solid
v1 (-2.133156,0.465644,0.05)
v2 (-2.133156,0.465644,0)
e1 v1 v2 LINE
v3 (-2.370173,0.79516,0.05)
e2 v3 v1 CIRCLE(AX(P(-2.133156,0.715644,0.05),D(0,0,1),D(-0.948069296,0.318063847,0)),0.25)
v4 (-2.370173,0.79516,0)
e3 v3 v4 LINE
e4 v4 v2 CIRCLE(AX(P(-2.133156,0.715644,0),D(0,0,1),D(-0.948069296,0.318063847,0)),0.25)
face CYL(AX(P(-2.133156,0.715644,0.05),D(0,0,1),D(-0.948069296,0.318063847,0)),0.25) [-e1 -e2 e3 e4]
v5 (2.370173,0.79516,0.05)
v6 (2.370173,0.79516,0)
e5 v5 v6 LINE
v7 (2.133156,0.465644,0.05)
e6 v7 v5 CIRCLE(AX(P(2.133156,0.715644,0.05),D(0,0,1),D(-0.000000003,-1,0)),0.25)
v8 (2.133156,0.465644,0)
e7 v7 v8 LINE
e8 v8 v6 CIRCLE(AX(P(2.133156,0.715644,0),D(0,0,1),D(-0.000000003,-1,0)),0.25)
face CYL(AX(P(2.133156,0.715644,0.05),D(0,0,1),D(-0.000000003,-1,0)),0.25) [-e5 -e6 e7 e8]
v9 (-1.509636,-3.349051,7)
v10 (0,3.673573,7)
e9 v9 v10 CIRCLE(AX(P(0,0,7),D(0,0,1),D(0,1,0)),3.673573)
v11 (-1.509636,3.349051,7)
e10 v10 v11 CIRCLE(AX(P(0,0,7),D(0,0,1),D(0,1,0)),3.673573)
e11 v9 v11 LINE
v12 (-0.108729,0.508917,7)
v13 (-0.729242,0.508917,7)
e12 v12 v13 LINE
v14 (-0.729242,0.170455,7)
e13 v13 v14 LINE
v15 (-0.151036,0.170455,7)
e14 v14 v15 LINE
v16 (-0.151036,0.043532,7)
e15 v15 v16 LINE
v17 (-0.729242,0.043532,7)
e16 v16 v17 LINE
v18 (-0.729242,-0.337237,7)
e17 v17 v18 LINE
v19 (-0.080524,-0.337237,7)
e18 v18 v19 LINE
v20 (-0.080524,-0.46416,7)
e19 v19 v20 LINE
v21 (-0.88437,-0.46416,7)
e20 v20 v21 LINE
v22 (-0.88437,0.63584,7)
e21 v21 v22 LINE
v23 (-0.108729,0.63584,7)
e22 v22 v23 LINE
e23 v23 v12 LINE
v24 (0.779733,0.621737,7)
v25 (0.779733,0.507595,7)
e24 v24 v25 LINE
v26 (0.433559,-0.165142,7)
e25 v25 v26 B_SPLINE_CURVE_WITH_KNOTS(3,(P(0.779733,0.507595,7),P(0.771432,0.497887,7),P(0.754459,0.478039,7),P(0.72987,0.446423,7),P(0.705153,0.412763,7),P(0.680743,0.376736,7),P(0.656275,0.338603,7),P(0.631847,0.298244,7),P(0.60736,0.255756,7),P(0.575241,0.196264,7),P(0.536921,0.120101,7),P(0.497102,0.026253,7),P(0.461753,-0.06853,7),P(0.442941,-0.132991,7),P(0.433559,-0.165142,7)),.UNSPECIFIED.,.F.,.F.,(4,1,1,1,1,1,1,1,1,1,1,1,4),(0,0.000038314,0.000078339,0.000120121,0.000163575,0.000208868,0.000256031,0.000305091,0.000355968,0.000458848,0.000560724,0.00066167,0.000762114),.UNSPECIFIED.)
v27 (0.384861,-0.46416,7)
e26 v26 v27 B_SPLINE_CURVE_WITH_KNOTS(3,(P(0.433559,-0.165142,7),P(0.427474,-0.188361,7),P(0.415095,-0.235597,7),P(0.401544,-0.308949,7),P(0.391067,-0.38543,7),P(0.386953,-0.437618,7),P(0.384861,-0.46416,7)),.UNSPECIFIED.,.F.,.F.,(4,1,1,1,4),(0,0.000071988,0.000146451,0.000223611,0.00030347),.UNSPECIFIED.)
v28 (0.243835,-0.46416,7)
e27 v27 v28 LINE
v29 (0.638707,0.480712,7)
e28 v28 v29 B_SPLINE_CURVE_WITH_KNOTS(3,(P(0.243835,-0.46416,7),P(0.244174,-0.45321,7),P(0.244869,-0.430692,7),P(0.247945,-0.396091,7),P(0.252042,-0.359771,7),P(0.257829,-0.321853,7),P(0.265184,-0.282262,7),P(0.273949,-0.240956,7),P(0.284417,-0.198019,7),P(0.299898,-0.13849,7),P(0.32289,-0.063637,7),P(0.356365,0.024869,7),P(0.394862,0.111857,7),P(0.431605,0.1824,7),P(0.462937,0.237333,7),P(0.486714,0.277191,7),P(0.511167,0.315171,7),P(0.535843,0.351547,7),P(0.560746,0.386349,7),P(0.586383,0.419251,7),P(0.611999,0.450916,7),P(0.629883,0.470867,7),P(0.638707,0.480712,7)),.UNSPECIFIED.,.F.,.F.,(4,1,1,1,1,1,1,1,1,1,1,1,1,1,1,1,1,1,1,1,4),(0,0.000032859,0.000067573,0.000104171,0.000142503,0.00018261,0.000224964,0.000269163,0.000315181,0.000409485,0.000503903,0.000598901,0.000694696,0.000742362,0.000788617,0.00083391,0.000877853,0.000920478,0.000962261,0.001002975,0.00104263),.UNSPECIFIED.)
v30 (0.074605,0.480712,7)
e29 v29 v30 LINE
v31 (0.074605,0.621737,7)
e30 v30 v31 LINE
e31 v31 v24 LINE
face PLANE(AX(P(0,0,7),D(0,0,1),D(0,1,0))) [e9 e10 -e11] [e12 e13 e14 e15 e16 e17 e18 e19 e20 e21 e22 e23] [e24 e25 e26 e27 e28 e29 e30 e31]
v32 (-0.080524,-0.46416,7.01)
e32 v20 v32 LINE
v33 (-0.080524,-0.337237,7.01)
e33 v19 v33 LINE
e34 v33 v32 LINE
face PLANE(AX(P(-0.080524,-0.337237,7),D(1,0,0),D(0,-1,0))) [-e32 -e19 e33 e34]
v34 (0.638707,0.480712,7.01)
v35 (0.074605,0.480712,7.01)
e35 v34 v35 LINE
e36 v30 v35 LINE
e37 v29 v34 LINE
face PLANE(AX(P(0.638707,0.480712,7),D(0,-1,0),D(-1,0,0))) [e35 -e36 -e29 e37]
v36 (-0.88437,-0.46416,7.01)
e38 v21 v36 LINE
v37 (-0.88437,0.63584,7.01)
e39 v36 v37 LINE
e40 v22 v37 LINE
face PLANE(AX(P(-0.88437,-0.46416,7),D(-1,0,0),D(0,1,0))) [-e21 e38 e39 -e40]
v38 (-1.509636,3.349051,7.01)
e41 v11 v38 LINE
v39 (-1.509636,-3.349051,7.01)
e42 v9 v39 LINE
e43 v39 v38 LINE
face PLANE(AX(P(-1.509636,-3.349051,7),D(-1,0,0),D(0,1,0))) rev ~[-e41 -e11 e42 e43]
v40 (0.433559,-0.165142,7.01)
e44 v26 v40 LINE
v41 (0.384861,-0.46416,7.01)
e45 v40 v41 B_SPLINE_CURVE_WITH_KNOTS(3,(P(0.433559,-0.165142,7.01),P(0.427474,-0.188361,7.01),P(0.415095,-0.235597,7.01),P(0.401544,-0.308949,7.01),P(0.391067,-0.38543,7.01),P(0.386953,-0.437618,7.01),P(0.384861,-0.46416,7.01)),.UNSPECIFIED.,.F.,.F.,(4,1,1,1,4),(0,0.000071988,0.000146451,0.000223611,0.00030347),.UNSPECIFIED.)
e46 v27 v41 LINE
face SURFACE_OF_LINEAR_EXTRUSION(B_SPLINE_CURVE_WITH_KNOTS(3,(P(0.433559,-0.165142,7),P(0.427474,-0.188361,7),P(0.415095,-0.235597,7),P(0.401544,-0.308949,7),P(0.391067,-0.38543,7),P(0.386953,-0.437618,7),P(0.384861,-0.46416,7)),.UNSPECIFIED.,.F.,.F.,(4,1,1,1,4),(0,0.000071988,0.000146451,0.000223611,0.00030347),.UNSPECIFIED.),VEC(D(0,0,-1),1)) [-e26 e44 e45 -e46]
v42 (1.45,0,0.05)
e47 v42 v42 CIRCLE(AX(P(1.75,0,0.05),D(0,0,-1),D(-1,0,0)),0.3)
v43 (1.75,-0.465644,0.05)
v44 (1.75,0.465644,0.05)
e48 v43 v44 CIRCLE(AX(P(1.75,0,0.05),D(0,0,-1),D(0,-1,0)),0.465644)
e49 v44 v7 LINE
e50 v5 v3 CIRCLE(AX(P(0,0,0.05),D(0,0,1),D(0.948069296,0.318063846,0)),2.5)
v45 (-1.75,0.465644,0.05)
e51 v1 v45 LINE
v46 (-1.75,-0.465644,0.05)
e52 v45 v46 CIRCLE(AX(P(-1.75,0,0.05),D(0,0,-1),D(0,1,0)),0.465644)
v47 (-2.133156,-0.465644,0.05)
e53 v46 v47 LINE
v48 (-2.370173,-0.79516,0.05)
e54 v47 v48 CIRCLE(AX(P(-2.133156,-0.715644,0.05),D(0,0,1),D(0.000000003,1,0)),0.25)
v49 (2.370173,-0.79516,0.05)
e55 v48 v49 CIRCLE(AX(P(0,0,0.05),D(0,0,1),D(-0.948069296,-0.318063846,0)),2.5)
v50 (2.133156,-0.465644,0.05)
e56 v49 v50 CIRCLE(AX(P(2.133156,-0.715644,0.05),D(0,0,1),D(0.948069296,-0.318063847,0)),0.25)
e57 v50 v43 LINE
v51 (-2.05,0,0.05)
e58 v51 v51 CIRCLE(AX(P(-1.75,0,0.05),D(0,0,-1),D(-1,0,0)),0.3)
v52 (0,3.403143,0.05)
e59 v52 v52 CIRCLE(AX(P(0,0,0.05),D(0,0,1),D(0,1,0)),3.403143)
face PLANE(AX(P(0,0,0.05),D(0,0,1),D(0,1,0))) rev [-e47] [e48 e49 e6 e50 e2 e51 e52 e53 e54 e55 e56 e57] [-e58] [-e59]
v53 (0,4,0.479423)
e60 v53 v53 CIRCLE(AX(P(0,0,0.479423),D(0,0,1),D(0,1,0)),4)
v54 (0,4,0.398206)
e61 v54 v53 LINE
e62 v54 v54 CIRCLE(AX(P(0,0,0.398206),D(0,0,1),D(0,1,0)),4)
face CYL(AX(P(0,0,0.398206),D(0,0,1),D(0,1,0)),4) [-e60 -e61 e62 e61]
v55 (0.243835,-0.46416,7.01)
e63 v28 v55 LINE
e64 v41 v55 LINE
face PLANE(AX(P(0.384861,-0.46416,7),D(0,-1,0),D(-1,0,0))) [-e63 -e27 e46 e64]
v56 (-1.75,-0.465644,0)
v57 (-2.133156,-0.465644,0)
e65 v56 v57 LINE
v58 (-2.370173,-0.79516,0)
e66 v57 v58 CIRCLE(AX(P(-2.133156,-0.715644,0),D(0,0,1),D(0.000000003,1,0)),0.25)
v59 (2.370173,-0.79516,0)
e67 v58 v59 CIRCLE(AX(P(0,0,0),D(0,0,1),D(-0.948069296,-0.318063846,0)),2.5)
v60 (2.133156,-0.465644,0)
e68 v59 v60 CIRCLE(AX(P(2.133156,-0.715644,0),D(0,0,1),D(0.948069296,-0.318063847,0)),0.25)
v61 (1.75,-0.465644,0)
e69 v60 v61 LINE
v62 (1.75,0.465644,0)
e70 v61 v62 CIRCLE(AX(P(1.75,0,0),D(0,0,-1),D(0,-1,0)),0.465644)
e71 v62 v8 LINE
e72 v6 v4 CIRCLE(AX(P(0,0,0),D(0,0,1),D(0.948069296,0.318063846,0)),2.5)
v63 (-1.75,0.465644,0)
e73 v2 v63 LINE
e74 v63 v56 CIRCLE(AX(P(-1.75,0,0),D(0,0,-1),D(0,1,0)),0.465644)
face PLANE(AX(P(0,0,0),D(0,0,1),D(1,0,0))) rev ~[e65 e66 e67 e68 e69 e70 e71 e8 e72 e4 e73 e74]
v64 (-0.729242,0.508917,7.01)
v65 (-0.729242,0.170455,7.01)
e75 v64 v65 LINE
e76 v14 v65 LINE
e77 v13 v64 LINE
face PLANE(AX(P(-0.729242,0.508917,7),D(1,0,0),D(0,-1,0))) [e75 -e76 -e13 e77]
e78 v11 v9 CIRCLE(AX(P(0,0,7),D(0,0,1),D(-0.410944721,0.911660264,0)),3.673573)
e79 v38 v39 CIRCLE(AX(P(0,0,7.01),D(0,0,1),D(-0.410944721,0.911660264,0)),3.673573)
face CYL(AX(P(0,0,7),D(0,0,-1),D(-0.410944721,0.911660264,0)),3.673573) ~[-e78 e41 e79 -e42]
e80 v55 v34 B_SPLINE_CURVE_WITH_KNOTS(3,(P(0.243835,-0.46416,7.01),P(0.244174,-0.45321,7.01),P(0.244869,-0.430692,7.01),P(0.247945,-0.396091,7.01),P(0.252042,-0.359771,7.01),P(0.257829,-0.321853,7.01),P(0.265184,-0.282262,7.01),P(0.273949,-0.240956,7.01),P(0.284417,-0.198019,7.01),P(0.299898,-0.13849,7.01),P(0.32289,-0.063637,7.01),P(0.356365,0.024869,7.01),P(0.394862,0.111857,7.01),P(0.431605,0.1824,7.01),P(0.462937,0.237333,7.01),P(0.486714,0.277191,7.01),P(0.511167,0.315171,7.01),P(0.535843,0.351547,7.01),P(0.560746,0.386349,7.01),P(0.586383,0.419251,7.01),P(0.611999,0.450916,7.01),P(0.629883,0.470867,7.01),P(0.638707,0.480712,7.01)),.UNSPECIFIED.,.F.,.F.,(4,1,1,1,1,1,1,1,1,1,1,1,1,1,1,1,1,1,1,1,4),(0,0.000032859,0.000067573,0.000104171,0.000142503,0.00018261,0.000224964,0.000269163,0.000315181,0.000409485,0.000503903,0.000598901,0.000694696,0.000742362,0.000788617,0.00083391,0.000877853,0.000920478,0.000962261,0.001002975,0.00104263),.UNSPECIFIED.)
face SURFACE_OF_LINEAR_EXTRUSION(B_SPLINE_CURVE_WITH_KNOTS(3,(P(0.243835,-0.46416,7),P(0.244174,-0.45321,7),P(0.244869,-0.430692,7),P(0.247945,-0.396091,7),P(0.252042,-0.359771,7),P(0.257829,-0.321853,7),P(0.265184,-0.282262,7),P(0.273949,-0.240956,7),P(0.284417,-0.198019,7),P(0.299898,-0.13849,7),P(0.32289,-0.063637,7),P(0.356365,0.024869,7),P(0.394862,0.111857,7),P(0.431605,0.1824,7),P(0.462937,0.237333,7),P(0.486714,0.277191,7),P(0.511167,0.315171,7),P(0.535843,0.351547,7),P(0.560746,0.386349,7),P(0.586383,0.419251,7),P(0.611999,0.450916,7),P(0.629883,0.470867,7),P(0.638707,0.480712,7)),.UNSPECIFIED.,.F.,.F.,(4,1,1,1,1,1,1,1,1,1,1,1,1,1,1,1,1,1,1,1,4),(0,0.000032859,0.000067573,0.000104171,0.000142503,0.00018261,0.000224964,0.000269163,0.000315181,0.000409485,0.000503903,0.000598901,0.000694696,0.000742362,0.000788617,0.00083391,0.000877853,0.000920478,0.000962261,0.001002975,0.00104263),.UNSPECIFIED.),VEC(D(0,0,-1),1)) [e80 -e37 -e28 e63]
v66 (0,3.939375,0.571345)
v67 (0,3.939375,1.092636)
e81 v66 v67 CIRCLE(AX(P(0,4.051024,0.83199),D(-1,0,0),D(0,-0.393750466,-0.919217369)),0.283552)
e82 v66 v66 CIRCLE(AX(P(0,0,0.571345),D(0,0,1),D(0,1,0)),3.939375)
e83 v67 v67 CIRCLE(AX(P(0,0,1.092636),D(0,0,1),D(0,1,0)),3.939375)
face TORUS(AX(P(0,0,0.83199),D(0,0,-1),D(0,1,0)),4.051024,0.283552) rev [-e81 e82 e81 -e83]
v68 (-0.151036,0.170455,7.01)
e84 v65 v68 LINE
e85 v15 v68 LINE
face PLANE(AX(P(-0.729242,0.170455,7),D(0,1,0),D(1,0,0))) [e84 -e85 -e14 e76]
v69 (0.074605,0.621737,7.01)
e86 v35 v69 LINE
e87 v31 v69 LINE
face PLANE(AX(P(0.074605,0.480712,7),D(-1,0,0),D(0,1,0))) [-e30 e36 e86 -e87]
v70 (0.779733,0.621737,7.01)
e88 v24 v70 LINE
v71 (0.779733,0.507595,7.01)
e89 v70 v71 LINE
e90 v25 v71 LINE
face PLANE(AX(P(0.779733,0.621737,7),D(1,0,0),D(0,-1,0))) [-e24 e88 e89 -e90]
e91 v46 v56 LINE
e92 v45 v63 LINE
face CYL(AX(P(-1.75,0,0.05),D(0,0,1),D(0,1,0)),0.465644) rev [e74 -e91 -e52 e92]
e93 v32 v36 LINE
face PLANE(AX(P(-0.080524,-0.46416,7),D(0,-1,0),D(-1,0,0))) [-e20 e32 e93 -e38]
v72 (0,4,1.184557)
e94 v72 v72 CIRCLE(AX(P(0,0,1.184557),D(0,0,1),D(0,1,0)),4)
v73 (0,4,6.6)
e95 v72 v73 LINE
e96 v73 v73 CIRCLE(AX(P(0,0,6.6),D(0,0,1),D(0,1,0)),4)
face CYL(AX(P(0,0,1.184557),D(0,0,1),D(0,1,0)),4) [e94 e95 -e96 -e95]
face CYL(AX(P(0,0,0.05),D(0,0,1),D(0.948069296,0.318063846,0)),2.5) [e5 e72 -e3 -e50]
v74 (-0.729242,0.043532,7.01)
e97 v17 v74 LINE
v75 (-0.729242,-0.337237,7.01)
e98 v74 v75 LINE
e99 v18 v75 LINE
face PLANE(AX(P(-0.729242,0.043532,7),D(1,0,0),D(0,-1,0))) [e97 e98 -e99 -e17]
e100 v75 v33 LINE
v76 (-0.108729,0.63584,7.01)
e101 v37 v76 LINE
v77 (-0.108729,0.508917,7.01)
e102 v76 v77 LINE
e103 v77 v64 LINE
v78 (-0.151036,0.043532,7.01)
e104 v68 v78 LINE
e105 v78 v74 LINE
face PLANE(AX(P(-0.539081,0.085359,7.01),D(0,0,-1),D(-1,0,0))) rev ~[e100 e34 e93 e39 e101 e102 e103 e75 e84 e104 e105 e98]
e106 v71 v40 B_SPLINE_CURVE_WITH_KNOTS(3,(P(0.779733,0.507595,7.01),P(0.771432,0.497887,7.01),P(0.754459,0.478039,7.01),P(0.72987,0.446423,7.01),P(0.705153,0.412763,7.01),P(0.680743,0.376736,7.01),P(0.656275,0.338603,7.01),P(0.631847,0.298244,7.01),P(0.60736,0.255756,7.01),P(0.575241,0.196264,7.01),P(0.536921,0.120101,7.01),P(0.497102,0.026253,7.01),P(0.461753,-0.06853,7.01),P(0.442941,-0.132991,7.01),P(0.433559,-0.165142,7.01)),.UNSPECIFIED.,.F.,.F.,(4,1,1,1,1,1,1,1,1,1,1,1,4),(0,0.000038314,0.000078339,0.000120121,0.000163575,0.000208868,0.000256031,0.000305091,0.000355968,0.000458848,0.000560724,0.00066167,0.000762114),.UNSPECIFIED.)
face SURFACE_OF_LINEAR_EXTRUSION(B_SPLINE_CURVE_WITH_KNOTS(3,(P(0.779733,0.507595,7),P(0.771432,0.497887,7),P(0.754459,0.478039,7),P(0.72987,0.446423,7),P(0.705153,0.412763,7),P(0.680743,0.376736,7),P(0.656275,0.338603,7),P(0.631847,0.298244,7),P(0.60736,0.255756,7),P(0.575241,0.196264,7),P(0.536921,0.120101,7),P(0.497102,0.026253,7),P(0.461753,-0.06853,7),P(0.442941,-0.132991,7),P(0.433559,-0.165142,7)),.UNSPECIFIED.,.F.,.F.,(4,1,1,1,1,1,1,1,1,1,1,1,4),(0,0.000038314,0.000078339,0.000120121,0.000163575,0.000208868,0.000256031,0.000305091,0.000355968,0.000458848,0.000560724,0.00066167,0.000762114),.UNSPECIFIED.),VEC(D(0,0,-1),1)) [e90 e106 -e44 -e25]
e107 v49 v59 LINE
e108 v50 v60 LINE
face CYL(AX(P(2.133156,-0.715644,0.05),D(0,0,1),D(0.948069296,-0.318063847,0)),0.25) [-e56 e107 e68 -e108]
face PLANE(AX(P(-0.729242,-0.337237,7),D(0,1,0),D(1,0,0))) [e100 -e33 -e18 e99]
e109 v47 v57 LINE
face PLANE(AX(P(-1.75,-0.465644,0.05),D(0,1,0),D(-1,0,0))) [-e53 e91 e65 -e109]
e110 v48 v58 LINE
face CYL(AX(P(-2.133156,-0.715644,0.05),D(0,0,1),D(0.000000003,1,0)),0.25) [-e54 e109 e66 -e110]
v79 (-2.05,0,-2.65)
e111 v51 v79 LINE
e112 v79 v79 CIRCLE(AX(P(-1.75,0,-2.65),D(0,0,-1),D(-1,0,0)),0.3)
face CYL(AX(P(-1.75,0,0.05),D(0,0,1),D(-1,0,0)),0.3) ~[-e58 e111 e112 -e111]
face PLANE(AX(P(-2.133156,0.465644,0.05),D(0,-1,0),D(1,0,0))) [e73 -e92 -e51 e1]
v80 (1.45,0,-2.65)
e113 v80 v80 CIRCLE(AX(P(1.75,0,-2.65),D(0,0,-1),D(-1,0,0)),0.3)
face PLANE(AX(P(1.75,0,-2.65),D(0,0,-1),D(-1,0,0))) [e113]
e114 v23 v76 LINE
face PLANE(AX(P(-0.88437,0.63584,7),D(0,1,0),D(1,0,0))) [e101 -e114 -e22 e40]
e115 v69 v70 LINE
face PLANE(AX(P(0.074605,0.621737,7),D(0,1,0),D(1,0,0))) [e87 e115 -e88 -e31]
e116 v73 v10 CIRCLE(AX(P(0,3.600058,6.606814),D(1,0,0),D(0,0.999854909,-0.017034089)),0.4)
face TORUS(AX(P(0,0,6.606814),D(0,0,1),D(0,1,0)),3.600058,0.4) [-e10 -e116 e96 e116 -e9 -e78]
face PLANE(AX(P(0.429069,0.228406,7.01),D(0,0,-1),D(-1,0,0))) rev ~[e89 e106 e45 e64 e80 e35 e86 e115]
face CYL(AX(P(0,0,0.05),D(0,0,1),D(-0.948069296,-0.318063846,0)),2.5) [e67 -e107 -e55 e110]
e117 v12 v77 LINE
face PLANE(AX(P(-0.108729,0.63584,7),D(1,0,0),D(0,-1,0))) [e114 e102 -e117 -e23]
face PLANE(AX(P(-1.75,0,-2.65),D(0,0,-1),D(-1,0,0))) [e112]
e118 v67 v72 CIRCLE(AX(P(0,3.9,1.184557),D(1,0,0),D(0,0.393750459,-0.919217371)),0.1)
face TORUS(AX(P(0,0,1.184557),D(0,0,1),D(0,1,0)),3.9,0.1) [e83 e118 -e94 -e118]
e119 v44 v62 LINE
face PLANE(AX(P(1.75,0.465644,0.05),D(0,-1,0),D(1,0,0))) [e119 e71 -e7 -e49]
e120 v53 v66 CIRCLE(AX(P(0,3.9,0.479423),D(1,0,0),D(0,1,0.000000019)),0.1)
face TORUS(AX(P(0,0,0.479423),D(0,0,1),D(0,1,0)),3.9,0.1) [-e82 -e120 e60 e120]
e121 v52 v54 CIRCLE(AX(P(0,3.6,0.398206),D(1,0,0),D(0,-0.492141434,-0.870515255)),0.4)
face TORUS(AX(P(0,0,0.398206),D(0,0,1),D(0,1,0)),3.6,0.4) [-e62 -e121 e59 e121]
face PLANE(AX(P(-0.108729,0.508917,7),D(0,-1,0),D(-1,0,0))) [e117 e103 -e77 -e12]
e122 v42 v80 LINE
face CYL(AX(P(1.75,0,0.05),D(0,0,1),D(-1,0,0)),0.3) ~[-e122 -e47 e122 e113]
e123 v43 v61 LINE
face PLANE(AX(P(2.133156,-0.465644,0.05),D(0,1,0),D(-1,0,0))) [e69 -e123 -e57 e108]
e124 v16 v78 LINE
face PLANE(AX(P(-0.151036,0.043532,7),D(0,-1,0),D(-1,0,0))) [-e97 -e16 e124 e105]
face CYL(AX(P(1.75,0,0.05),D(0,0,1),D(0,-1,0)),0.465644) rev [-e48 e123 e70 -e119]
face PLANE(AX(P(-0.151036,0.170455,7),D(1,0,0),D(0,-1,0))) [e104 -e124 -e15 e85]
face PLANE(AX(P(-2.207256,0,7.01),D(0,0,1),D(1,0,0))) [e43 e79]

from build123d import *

# Parameters (mm, degrees)
SKETCH_2_R         = 0.3
EXTRUDE_1_DEPTH    = 2.7
EXTRUDE_2_DEPTH    = 0.01
EXTRUDE_1781_DEPTH = 0.01
EXTRUDE_5_DEPTH    = 0.05


with BuildPart() as part:
    # Sketch10 → Повернуть1 (revolve)
    with BuildSketch(Plane(origin=(0, 0, 0), x_dir=(0, 0, -1), z_dir=(1, 0, 0))):
        with BuildLine():
            Line((-7, 0), (-0.05, 0))
            Line((-0.05, 0), (-0.05, 3.403143426))
            ThreePointArc((-0.05, 3.403143426), (-0.052704561, 3.801565585), (-0.398206102, 4))
            Line((-0.398206102, 4), (-0.479422929, 4))
            ThreePointArc((-0.479422929, 4), (-0.534479696, 3.983479053), (-0.571344666, 3.939375046))
            ThreePointArc((-0.571344666, 3.939375046), (-0.831990181, 3.767472047), (-1.092635697, 3.939375046))
            ThreePointArc((-1.092635697, 3.939375046), (-1.129500666, 3.983479053), (-1.184557434, 4))
            Line((-1.184557434, 4), (-6.6, 4))
            ThreePointArc((-6.6, 4), (-6.85971595, 3.909961924), (-7, 3.67357323))
            Line((-7, 3.67357323), (-7, 0))
        make_face()
    revolve(axis=Axis((0, 0, -18.1630778), (0, 0, 1)))

    # Эскиз2 → Бобышка-Вытянуть1 (add)
    with BuildSketch(Plane(origin=(0, 0, 0.05), x_dir=(-1, 0, 0), z_dir=(0, 0, -1))):
        with Locations((-1.75, 0)):
            Circle(SKETCH_2_R)
        with Locations((1.75, 0)):
            Circle(SKETCH_2_R)
    extrude(amount=EXTRUDE_1_DEPTH)

    # Эскиз4 → Бобышка-Вытянуть2 (add)
    with BuildSketch(Plane.XY.offset(7)):
        with BuildLine():
            Line((-1.509635526, -3.349050739), (-1.509635526, 3.349050739))
            ThreePointArc((-1.509635526, 3.349050739), (-3.67357323, 0), (-1.509635526, -3.349050739))
        make_face()
    extrude(amount=EXTRUDE_2_DEPTH)

    # Эскиз5 → Extrude 1781 (add)
    with BuildSketch(Plane.XY.offset(7)):
        Polygon((-0.884369756, -0.464160183), (-0.884369756, 0.635839817), (-0.108728731, 0.635839817), (-0.108728731, 0.50891674), (-0.729241551, 0.50891674), (-0.729241551, 0.170455202), (-0.151036423, 0.170455202), (-0.151036423, 0.043532125), (-0.729241551, 0.043532125), (-0.729241551, -0.337237106), (-0.080523602, -0.337237106), (-0.080523602, -0.464160183), align=None)
        with BuildLine():
            Line((0.074604603, 0.480711612), (0.074604603, 0.621737253))
            Line((0.074604603, 0.621737253), (0.779732808, 0.621737253))
            Line((0.779732808, 0.621737253), (0.779732808, 0.507594625))
            add(Edge.make_bspline(
                [(0.779732808, 0.507594625), (0.771431609, 0.497887067), (0.754458572, 0.47803852), (0.729869663, 0.446422972), (0.705152985, 0.412763201), (0.680742985, 0.376735536), (0.656274929, 0.338602905), (0.631847292, 0.298243521), (0.607360353, 0.255755686), (0.575240818, 0.196264437), (0.536920557, 0.120100639), (0.497102168, 0.026253133), (0.46175264, -0.068529759), (0.442941226, -0.132991236), (0.43355893, -0.165141753)],
                knots=[0, 0, 0, 0, 3.8314e-05, 7.8339e-05, 0.000120121, 0.000163575, 0.000208868, 0.000256031, 0.000305091, 0.000355968, 0.000458848, 0.000560724, 0.00066167, 0.000762114, 0.000762114, 0.000762114, 0.000762114], degree=3))
            add(Edge.make_bspline(
                [(0.43355893, -0.165141753), (0.427474112, -0.188360883), (0.415095334, -0.235597214), (0.401544385, -0.308949256), (0.391067491, -0.385429808), (0.386953408, -0.437617745), (0.384861013, -0.464160183)],
                knots=[0, 0, 0, 0, 7.1988e-05, 0.000146451, 0.000223611, 0.00030347, 0.00030347, 0.00030347, 0.00030347], degree=3))
            Line((0.384861013, -0.464160183), (0.243835372, -0.464160183))
            add(Edge.make_bspline(
                [(0.243835372, -0.464160183), (0.24417363, -0.45321024), (0.244869239, -0.430692327), (0.247945276, -0.396091158), (0.252042276, -0.359770578), (0.25782894, -0.321853285), (0.265184267, -0.282262313), (0.273949101, -0.240955726), (0.284416876, -0.198018954), (0.29989812, -0.138489937), (0.322890283, -0.06363711), (0.356365208, 0.024869493), (0.394862276, 0.111857321), (0.431604744, 0.182399841), (0.462937079, 0.237332726), (0.486713979, 0.277190771), (0.511167015, 0.315171073), (0.535842849, 0.351546853), (0.560745759, 0.386348745), (0.586383028, 0.419251445), (0.611998782, 0.450915965), (0.629882886, 0.470867319), (0.638707167, 0.480711612)],
                knots=[0, 0, 0, 0, 3.2859e-05, 6.7573e-05, 0.000104171, 0.000142503, 0.00018261, 0.000224964, 0.000269163, 0.000315181, 0.000409485, 0.000503903, 0.000598901, 0.000694696, 0.000742362, 0.000788617, 0.00083391, 0.000877853, 0.000920478, 0.000962261, 0.001002975, 0.00104263, 0.00104263, 0.00104263, 0.00104263], degree=3))
            Line((0.638707167, 0.480711612), (0.074604603, 0.480711612))
        make_face()
    extrude(amount=EXTRUDE_1781_DEPTH)

    # Эскиз6 → Бобышка-Вытянуть5 (add)
    with BuildSketch(Plane(origin=(0, 0, 0.05), x_dir=(-1, 0, 0), z_dir=(0, 0, -1))):
        with BuildLine():
            Line((-1.75, 0.465643654), (-2.133155916, 0.465643654))
            ThreePointArc((-2.133155916, 0.465643654), (-2.336107869, 0.569662474), (-2.37017324, 0.795159615))
            ThreePointArc((-2.37017324, 0.795159615), (0, 2.5), (2.37017324, 0.795159615))
            ThreePointArc((2.37017324, 0.795159615), (2.336107869, 0.569662474), (2.133155916, 0.465643654))
            Line((2.133155916, 0.465643654), (1.75, 0.465643654))
            ThreePointArc((1.75, 0.465643654), (1.284356346, 0), (1.75, -0.465643654))
            Line((1.75, -0.465643654), (2.133155916, -0.465643654))
            ThreePointArc((2.133155916, -0.465643654), (2.336107869, -0.569662474), (2.37017324, -0.795159615))
            ThreePointArc((2.37017324, -0.795159615), (0, -2.5), (-2.37017324, -0.795159615))
            ThreePointArc((-2.37017324, -0.795159615), (-2.336107869, -0.569662474), (-2.133155916, -0.465643654))
            Line((-2.133155916, -0.465643654), (-1.75, -0.465643654))
            ThreePointArc((-1.75, -0.465643654), (-1.284356346, 0), (-1.75, 0.465643654))
        make_face()
    extrude(amount=EXTRUDE_5_DEPTH)


solid = part.part
